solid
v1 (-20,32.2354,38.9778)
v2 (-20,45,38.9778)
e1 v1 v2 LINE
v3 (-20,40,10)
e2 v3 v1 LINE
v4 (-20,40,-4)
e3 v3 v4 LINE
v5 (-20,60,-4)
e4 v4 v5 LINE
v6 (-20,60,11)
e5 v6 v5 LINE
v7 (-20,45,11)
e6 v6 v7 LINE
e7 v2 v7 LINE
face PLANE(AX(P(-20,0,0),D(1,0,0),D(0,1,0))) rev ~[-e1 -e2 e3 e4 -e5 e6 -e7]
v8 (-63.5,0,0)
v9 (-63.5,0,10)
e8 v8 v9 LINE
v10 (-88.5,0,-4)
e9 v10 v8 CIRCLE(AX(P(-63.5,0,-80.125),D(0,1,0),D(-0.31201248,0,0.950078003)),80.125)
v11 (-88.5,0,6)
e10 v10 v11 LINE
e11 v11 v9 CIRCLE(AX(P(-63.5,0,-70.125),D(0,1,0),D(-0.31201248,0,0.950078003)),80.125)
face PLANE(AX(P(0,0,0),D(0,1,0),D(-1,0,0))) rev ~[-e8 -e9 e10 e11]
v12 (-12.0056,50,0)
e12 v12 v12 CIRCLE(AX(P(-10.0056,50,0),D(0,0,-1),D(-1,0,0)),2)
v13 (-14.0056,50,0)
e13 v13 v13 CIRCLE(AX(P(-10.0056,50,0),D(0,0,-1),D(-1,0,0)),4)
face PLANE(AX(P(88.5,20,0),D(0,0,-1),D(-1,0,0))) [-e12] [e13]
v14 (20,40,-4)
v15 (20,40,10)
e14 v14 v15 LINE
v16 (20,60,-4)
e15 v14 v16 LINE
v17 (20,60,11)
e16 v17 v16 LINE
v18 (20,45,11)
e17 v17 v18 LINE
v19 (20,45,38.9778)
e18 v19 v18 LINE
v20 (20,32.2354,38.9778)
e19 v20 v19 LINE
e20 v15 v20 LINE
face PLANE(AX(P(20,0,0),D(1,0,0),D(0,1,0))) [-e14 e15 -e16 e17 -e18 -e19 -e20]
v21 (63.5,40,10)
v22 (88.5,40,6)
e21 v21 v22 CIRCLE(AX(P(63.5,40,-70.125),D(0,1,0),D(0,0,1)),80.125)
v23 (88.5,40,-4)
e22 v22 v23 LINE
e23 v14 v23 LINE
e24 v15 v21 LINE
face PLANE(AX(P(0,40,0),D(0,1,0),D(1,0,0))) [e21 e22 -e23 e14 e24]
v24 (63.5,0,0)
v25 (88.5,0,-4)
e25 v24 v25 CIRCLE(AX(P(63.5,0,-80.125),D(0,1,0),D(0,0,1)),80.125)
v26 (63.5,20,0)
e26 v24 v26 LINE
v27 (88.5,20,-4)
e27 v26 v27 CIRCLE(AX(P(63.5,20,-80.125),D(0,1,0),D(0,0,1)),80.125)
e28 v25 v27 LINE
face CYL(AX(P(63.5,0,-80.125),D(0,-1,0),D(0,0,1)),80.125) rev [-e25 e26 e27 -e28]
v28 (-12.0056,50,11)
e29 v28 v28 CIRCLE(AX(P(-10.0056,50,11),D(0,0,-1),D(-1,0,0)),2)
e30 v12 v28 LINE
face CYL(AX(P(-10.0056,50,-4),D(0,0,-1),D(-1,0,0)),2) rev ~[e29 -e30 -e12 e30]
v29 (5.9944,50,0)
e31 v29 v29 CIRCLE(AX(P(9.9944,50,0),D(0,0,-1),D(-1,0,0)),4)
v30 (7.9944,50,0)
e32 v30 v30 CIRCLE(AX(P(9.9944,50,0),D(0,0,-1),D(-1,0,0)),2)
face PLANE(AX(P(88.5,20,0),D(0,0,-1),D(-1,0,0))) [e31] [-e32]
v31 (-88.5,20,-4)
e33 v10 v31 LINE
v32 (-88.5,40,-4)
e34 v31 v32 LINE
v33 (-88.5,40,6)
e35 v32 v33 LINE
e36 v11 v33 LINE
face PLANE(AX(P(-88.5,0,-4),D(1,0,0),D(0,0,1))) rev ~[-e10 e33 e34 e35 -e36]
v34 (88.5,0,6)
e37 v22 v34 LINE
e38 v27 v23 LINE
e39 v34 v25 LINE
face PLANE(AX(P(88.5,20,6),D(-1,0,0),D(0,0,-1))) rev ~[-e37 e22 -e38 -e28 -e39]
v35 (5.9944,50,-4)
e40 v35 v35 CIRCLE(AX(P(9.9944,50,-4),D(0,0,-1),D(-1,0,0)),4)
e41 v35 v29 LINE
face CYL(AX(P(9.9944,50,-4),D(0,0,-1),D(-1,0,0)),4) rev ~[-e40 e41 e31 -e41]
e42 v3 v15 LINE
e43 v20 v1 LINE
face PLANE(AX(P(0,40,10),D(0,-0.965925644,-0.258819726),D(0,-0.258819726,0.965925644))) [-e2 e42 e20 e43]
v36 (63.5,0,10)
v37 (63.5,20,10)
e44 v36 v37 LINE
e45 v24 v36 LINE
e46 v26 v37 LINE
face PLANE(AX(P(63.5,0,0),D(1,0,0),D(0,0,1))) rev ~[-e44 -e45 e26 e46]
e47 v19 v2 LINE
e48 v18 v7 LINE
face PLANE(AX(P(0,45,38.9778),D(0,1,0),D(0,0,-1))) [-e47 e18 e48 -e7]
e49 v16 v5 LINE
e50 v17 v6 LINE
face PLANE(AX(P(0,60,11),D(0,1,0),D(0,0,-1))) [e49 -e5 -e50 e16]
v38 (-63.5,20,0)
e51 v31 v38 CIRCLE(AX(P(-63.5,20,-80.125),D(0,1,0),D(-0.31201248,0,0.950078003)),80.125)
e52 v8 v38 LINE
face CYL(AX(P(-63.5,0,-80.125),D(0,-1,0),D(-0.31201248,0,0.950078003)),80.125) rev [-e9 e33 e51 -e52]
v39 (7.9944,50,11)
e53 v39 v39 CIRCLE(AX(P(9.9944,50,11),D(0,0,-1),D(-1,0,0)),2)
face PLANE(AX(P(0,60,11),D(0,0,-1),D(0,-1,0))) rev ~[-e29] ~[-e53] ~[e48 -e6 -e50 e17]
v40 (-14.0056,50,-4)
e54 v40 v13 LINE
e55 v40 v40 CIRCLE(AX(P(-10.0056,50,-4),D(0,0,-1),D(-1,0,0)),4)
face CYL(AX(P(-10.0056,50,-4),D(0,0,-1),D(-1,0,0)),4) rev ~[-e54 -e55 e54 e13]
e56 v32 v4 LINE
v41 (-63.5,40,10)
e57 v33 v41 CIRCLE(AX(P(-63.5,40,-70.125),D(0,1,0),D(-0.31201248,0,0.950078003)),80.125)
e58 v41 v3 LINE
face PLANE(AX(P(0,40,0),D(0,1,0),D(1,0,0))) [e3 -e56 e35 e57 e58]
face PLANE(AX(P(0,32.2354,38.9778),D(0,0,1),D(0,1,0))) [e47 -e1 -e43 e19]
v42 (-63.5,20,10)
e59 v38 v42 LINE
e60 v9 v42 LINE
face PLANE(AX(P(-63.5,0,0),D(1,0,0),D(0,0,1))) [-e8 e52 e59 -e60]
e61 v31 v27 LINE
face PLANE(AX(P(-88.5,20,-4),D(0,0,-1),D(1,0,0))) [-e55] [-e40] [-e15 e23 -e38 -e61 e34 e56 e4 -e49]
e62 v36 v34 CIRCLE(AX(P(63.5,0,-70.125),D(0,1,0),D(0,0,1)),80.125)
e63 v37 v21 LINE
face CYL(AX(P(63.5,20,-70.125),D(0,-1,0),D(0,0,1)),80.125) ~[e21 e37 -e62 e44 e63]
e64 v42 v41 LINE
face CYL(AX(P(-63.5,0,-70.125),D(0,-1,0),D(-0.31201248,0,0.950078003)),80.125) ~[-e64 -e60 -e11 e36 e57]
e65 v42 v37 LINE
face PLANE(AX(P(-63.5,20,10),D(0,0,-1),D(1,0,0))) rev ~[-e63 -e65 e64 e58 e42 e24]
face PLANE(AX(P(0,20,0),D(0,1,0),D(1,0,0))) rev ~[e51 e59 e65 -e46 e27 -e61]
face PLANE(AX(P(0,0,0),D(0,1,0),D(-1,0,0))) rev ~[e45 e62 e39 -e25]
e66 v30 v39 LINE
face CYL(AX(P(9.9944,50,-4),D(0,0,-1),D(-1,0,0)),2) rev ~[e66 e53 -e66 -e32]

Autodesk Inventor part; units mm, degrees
ref_plane "YZ Plane" through (0, 0, 0) normal (1, 0, 0) x (0, 1, 0)
ref_plane "XZ Plane" through (0, 0, 0) normal (0, 1, 0) x (-1, 0, 0)
ref_plane "XY Plane" through (0, 0, 0) normal (0, 0, 1) x (1, 0, 0)
sketch "스케치1" plane through (0, 0, 0) normal (0, 1, 0) x (-1, 0, 0)
  line L0 (124.1226, 0) -> (-124.1226, 0) projected
  line L1 (0, -98.3487) -> (0, 29.2174) projected
  line L2 (63.5, 0) -> (-63.5, 0)
  arc A0 (88.5, -4) -> (63.5, 0) centre (63.5, -80.125) ccw
  line L3 (63.5, 0) -> (63.5, 10)
  line L4 (88.5, -4) -> (88.5, 6)
  arc A1 (88.5, 6) -> (63.5, 10) centre (63.5, -70.125) ccw
  line L5 (63.5, 10) -> (0, 10)
  arc A2 (-63.5, 0) -> (-88.5, -4) centre (-63.5, -80.125) ccw
  line L6 (-63.5, 0) -> (-63.5, 10)
  line L7 (-88.5, -4) -> (-88.5, 6)
  arc A3 (-63.5, 10) -> (-88.5, 6) centre (-63.5, -70.125) ccw
  point P0 (0, 0)
  dimension "d0" = 127
  dimension "d1" = 10
  dimension "d2" = 10
  dimension "d3" = 14
  dimension "d4" = 25
extrude "돌출1" add sketch "스케치1" along normal blind 20 contours L4 A0 L0 | A2 L7 L0 | L0 L7 A3 L6 | L0 L3 A1 L4
sketch "스케치2" plane through (0, 20, 0) normal (0, 1, 0) x (1, 0, 0)
  point P0 (0, 0)
sketch "스케치3" plane through (0, 20, 0) normal (0, 1, 0) x (1, 0, 0)
  line L0 (-63.5, -10) -> (-63.5, 0) projected
  arc A0 (-88.5, 4) -> (-63.5, 0) centre (-63.5, 80.125) ccw projected
  line L1 (-88.5, 4) -> (-88.5, -6) projected
  arc A1 (-88.5, -6) -> (-63.5, -10) centre (-63.5, 70.125) ccw projected
  line L2 (88.5, -6) -> (88.5, 4) projected
  arc A2 (63.5, 0) -> (88.5, 4) centre (63.5, 80.125) ccw projected
  line L3 (63.5, 0) -> (63.5, -10) projected
  arc A3 (63.5, -10) -> (88.5, -6) centre (63.5, 70.125) ccw projected
  line L4 (-63.5, -10) -> (63.5, -10)
  line L5 (63.5, -10) -> (63.5, 0)
  line L6 (63.5, 0) -> (-63.5, 0)
  line L7 (-63.5, 0) -> (-63.5, -10)
  line L8 (-88.5, 4) -> (88.5, 4)
  point P0 (0, 0)
extrude "돌출2" add sketch "스케치3" along normal blind 20
sketch "스케치4" plane through (0, 0, 0) normal (1, 0, 0) x (0, 1, 0)
  line L0 (40, 10) -> (32.2354, 38.9778)
  line L1 (40, 6) -> (40, 10) projected
  line L2 (40, -4) -> (60, -4)
  line L3 (32.2354, 38.9778) -> (45, 38.9778)
  line L4 (40, 6) -> (40, -4) projected
  line L5 (45, 38.9778) -> (45, 11)
  line L6 (60, 11) -> (60, -4)
  line L7 (0, 6) -> (40, 6) projected
  line L8 (60, 11) -> (45, 11)
  point P0 (0, 0)
  point P1 (20, 10)
  dimension "d9" = 165
  dimension "d11" = 30
  dimension "d12" = 20
  dimension "d13" = 5
  dimension "d16" = 15
extrude "돌출3" add sketch "스케치4" along normal mid plane 40
sketch "스케치5" plane through (88.5, 20, -4) normal (0, 0, -1) x (-1, 0, 0)
  line L0 (0, 0) -> (177, 0) projected
  line L1 (177, 0) -> (177, 20) projected
  line L2 (108.5, 20) -> (177, 20) projected
  line L3 (108.5, 40) -> (108.5, 20) projected
  line L4 (108.5, 40) -> (68.5, 40) projected
  line L5 (68.5, 20) -> (68.5, 40) projected
  line L6 (0, 20) -> (68.5, 20) projected
  line L7 (0, 0) -> (0, 20) projected
  line L8 (68.5, 30) -> (108.5, 30)
  circle A0 centre (78.5056, 30) radius 2
  circle A1 centre (98.5056, 30) radius 2
  point P0 (88.5, -20)
  dimension "d17" = 4
  dimension "d18" = 4
  dimension "d19" = 20
extrude "돌출4" cut sketch "스케치5" against normal blind 40 contours A0 L8 | L8 A0 | A1 L8 | L8 A1
sketch "스케치6" plane through (88.5, 20, -4) normal (0, 0, -1) x (-1, 0, 0)
  circle A0 centre (78.5056, 30) radius 2 projected
  circle A1 centre (98.5056, 30) radius 2 projected
  circle A2 centre (78.5056, 30) radius 4
  circle A3 centre (98.5056, 30) radius 4
  point P0 (88.5, -20)
  dimension "d22" = 8
  dimension "d23" = 8
extrude "돌출5" cut sketch "스케치6" against normal blind 4 contours A0 | A2 | A3
properties part number "라이다 고정"
